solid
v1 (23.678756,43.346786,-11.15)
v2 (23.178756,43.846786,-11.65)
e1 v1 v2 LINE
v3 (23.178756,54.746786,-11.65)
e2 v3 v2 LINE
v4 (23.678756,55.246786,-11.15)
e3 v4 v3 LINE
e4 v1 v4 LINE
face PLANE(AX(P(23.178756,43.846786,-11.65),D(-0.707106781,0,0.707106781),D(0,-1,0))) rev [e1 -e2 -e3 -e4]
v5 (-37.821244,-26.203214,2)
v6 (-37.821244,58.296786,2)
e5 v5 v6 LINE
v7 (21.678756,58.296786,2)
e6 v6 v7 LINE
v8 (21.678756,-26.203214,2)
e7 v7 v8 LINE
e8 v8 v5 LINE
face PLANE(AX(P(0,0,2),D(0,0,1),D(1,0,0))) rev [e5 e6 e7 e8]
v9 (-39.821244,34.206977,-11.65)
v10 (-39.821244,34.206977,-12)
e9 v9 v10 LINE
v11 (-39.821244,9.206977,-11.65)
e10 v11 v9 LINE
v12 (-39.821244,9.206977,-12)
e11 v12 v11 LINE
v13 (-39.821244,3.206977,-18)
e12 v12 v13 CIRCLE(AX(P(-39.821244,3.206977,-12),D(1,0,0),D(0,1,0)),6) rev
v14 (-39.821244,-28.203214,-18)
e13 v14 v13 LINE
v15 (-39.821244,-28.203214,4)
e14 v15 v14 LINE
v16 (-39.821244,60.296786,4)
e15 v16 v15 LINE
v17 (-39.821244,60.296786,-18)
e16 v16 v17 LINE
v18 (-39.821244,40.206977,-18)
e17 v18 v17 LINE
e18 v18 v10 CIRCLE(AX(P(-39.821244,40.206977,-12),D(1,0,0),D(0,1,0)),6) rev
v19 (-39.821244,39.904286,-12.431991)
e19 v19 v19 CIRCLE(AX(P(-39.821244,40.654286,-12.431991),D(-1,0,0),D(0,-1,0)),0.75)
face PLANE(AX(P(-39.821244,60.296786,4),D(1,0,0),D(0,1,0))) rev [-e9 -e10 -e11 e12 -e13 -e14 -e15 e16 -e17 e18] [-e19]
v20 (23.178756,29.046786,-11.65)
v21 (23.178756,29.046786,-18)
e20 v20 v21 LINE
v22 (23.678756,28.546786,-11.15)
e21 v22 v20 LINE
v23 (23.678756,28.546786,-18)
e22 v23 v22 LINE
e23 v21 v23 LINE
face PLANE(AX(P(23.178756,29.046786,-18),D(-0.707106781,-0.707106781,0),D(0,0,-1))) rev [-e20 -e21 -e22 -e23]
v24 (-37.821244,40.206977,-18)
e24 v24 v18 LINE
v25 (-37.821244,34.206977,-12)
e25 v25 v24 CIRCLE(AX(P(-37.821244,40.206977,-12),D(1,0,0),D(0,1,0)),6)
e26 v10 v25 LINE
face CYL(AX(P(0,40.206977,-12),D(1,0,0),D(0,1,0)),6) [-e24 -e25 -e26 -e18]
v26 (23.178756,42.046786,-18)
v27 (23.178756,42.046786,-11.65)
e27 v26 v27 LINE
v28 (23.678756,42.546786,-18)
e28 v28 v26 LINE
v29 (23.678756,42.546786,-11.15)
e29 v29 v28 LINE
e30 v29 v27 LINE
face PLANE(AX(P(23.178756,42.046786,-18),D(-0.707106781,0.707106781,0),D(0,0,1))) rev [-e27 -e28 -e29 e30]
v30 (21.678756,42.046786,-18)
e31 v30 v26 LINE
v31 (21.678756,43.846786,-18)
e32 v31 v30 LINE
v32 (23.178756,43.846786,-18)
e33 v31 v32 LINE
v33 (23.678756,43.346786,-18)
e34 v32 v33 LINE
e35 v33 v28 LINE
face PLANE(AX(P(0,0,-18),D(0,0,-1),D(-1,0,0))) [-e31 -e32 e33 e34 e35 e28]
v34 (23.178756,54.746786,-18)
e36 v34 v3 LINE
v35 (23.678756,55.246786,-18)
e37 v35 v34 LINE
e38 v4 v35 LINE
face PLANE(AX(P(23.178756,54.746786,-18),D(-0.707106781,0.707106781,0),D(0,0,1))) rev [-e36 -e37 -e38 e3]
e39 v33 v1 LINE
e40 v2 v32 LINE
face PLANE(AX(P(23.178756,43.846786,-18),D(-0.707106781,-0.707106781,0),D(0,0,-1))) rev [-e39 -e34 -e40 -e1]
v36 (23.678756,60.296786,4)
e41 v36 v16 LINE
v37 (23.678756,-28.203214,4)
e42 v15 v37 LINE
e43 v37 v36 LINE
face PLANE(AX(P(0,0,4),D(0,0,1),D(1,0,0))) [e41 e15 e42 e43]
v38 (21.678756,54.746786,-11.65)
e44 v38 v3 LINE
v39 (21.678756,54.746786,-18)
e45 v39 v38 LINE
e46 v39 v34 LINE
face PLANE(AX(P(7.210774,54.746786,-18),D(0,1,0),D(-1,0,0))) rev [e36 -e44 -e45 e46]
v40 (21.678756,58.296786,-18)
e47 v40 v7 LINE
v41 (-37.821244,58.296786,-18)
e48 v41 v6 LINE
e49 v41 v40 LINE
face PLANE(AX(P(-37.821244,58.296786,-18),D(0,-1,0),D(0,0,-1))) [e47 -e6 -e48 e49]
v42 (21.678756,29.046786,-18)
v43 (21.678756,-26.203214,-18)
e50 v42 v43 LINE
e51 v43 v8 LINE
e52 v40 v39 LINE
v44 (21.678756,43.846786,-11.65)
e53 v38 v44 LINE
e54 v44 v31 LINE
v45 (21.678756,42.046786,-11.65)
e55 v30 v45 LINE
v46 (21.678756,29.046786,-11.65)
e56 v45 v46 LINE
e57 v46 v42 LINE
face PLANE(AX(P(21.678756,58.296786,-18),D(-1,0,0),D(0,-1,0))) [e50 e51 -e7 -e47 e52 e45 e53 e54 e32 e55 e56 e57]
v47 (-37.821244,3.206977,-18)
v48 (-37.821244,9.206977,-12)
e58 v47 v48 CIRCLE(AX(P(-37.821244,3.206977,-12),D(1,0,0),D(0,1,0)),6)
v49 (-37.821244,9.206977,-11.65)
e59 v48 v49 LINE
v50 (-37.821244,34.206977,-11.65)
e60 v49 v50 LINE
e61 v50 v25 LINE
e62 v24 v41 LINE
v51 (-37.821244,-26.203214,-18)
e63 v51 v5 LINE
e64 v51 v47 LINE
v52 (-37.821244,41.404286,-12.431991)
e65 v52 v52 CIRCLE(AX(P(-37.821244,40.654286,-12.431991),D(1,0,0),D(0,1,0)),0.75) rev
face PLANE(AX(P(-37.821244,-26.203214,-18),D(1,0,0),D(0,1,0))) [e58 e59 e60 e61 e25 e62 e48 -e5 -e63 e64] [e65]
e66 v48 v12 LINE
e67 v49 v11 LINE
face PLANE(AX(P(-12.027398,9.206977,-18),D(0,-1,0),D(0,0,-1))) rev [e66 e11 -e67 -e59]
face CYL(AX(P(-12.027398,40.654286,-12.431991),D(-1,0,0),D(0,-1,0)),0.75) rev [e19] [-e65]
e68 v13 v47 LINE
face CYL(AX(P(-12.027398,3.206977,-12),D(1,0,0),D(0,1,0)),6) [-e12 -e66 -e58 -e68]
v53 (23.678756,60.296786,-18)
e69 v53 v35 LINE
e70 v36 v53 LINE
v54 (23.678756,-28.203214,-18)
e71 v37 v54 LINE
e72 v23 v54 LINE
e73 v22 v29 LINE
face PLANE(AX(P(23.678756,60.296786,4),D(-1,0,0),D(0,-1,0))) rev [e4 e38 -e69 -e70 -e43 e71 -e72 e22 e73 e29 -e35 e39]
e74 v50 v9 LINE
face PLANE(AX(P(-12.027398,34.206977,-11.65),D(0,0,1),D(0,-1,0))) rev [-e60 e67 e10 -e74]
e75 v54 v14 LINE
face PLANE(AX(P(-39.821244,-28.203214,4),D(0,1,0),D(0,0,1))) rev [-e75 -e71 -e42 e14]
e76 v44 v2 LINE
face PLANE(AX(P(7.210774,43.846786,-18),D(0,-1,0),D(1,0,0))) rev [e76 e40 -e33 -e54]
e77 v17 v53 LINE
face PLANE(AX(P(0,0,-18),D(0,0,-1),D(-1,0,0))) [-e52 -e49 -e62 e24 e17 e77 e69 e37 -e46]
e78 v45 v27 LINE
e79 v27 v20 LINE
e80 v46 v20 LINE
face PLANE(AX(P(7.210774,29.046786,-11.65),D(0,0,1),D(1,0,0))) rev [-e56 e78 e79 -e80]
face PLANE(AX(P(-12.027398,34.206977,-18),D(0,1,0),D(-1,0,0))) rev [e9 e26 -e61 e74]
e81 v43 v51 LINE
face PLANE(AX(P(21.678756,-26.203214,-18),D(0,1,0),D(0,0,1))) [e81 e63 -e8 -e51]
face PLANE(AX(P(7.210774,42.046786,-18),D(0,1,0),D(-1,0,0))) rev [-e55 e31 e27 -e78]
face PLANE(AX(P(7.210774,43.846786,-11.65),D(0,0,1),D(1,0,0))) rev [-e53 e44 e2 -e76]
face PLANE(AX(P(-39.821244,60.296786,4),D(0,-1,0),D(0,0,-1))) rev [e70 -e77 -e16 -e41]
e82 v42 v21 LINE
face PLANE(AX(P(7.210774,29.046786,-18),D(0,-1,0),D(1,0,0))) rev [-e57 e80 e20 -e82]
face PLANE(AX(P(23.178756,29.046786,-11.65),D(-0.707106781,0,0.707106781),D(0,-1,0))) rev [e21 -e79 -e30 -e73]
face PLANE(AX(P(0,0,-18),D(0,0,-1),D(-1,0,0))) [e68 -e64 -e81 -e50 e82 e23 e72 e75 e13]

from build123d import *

# Parameters (mm, degrees)
SKETCH2_W           = 63.5
SKETCH2_H           = 88.5
BOSS_EXTRUDE1_DEPTH = 2
SKETCH3_W           = 63.5
SKETCH3_H           = 88.5
SKETCH3_W_2         = 59.5
SKETCH3_H_2         = 84.5
BOSS_EXTRUDE2_DEPTH = 20
SKETCH4_W           = 6.35
SKETCH4_H           = 13
SKETCH4_H_2         = 10.9
CUT_EXTRUDE1_DEPTH  = 2
CHAMFER1_SIZE       = 0.5
SKETCH5_R           = 0.75
SKETCH5_W           = 6.35
SKETCH5_H           = 25
CUT_EXTRUDE3_DEPTH  = 2
FILLET1_R           = 6


with BuildPart() as part:
    # Sketch2 → Boss-Extrude1 (new body)
    with BuildSketch(Plane.XY.offset(2)):
        with Locations((-8.071244, 16.046786)):
            Rectangle(SKETCH2_W, SKETCH2_H)
    extrude(amount=BOSS_EXTRUDE1_DEPTH)

    # Sketch3 → Boss-Extrude2 (add)
    with BuildSketch(Plane(origin=(0, 0, 2), x_dir=(-1, 0, 0), z_dir=(0, 0, -1))):
        with Locations((8.071244, 16.046786)):
            Rectangle(SKETCH3_W, SKETCH3_H)
        with Locations((8.071244, 16.046786)):
            Rectangle(SKETCH3_W_2, SKETCH3_H_2, mode=Mode.SUBTRACT)
    extrude(amount=BOSS_EXTRUDE2_DEPTH)

    # Sketch4 → Cut-Extrude1 (cut)
    with BuildSketch(Plane(origin=(23.678756, 0, 0), x_dir=(0, 0, -1), z_dir=(1, 0, 0))):
        with Locations((14.825, 35.546786)):
            Rectangle(SKETCH4_W, SKETCH4_H)
        with Locations((14.825, 49.296786)):
            Rectangle(SKETCH4_W, SKETCH4_H_2)
    extrude(amount=-CUT_EXTRUDE1_DEPTH, mode=Mode.SUBTRACT)

    # Chamfer1
    chamfer1_edges = [part.edges().sort_by_distance(p)[0] for p in [
        (23.678756, 42.046786, -14.825),
        (23.678756, 35.546786, -11.65),
        (23.678756, 29.046786, -14.825),
        (23.678756, 54.746786, -14.825),
        (23.678756, 49.296786, -11.65),
        (23.678756, 43.846786, -14.825),
    ]]
    chamfer(chamfer1_edges, length=CHAMFER1_SIZE)

    # Sketch5 → Cut-Extrude3 (cut)
    with BuildSketch(Plane.ZY.offset(39.821244)):
        with Locations(Location((-12.431991388, 40.654286, 0), (0, 0, 270))):
            Circle(SKETCH5_R)
        with Locations((-14.825, 21.706977335)):
            Rectangle(SKETCH5_W, SKETCH5_H)
    extrude(amount=-CUT_EXTRUDE3_DEPTH, mode=Mode.SUBTRACT)

    # Fillet1
    fillet1_edges = [part.edges().sort_by_distance(p)[0] for p in [
        (-38.821244, 34.206977335, -18),
        (-38.821244, 9.206977335, -18),
    ]]
    fillet(fillet1_edges, radius=FILLET1_R)


solid = part.part
